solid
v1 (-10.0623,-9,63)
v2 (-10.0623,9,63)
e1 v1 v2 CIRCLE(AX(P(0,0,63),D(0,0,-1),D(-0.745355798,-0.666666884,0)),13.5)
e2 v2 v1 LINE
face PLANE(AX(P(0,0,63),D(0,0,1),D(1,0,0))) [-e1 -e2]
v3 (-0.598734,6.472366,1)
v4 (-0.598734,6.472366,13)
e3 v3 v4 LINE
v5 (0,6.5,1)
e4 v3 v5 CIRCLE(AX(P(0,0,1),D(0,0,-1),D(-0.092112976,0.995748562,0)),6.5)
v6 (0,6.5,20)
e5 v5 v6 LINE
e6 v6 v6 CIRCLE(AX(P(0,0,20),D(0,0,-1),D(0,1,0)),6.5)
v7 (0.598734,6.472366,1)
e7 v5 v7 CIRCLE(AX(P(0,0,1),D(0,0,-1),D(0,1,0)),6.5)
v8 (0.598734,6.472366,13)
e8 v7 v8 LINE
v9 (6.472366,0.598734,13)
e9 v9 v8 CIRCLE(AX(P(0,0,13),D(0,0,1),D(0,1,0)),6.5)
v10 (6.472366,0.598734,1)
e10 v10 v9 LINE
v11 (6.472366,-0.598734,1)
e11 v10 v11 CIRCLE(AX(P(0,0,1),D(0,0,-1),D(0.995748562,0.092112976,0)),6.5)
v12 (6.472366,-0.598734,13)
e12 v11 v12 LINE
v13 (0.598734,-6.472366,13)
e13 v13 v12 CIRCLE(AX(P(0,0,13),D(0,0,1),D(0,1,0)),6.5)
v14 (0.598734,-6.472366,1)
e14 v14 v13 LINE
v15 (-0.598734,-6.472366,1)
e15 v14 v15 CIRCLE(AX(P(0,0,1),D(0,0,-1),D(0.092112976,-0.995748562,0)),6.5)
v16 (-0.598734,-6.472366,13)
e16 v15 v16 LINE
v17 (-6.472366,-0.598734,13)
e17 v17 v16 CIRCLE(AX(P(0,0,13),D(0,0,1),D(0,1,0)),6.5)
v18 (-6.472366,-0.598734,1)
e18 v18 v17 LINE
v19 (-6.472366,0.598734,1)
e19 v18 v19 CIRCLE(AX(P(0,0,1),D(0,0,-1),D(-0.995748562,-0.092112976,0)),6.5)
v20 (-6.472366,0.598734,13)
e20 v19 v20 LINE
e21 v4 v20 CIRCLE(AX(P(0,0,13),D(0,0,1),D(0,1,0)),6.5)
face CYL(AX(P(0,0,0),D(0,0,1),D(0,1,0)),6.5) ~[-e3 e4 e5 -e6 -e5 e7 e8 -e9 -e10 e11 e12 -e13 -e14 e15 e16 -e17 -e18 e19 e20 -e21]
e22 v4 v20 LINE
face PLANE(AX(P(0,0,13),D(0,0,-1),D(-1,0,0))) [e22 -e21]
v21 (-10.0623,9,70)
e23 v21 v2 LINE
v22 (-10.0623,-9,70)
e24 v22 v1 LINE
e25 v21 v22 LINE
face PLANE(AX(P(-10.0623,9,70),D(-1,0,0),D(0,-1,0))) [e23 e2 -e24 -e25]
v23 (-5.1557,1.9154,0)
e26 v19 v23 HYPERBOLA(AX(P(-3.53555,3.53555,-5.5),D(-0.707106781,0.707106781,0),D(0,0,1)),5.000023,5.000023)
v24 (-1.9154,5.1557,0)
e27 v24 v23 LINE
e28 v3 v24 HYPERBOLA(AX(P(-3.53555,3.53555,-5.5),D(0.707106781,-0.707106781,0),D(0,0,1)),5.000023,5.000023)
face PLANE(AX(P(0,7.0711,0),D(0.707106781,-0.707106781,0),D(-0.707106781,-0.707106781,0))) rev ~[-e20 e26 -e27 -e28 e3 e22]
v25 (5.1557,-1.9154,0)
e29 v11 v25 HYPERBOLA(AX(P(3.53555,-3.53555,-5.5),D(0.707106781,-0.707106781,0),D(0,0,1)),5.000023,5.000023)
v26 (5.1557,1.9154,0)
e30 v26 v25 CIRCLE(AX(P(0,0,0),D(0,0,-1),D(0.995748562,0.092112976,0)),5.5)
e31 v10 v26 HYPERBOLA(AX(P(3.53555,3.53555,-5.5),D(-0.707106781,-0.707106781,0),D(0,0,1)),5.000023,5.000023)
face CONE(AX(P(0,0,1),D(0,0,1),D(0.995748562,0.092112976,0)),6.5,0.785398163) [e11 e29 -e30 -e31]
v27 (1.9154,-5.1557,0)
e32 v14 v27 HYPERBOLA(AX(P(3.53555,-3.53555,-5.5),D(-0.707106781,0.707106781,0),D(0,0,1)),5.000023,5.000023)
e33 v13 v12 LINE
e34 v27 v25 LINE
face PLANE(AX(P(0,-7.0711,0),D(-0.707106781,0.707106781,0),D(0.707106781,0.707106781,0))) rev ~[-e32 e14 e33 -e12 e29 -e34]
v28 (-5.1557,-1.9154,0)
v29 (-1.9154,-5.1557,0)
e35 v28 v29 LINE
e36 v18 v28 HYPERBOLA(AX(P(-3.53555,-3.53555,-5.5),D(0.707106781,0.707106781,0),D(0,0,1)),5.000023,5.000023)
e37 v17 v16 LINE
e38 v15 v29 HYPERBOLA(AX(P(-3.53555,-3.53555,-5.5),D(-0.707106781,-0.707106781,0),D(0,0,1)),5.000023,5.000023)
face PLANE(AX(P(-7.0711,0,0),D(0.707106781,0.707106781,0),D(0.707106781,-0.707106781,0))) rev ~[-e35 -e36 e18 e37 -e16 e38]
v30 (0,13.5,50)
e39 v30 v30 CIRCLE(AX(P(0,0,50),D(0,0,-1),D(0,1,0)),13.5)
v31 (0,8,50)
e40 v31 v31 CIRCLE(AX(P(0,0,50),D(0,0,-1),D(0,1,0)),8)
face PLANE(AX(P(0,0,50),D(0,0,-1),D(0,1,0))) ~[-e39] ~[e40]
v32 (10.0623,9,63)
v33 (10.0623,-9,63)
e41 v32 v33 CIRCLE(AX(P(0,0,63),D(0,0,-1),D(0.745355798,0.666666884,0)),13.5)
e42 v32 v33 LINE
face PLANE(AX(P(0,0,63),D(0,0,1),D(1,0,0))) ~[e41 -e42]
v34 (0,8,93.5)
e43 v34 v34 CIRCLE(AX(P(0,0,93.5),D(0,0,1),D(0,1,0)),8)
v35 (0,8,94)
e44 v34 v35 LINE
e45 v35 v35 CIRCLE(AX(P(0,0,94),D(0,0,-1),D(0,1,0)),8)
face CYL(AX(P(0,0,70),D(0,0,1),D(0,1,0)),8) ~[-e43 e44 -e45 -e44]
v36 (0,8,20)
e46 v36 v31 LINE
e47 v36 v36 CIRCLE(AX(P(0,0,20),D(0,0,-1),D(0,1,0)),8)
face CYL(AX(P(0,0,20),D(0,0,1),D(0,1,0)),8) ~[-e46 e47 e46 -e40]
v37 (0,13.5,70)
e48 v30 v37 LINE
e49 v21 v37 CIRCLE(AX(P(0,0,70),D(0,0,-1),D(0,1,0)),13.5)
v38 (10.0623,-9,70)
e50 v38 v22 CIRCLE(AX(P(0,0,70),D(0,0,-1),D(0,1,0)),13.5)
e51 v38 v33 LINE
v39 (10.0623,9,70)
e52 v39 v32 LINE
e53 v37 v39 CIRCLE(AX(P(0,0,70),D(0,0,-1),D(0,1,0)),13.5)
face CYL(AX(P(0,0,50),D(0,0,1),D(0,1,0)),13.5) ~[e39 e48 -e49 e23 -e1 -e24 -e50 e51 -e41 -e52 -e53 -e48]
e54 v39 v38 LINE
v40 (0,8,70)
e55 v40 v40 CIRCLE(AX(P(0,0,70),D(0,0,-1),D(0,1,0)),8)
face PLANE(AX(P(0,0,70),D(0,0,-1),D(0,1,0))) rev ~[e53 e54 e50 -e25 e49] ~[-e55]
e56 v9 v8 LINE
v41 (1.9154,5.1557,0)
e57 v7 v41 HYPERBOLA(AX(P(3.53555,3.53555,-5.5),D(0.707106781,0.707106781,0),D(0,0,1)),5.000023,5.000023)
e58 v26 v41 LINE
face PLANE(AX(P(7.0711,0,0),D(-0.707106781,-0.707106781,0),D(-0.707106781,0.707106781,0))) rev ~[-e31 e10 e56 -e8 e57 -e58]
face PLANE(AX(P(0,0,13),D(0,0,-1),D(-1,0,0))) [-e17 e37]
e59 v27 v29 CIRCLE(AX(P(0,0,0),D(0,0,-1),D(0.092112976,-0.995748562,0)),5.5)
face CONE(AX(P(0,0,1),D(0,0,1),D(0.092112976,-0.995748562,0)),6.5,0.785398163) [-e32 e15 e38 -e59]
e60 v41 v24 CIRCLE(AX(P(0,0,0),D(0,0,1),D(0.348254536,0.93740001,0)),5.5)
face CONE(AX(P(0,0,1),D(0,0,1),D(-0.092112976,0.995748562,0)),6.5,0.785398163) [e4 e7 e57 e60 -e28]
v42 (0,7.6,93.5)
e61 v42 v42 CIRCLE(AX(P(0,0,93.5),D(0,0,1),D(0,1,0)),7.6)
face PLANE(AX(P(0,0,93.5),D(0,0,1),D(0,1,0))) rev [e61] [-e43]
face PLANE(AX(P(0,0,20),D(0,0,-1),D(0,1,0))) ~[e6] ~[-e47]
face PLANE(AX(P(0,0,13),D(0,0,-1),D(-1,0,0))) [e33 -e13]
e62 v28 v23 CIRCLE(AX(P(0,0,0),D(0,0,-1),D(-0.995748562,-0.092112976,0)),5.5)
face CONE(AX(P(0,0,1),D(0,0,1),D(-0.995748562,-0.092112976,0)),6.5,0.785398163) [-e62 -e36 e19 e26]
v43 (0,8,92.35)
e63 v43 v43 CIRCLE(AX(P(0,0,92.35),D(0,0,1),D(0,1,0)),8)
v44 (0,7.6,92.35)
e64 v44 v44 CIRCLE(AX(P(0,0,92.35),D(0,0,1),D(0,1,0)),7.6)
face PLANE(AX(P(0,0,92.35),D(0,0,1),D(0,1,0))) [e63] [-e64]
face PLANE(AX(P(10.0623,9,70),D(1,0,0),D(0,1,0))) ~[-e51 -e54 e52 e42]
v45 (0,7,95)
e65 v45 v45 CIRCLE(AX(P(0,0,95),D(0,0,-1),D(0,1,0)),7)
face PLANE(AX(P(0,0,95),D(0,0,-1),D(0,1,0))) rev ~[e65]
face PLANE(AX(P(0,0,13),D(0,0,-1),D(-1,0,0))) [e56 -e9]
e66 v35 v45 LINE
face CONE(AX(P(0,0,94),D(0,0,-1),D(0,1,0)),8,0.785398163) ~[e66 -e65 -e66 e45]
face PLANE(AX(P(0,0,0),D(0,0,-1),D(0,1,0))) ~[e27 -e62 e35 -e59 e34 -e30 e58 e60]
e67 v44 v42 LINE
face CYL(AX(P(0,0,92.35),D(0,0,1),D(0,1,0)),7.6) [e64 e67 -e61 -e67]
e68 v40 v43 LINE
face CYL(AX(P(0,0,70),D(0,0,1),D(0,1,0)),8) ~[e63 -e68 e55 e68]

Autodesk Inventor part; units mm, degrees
ref_plane "YZ Plane" through (0, 0, 0) normal (1, 0, 0) x (0, 1, 0)
ref_plane "XZ Plane" through (0, 0, 0) normal (0, 1, 0) x (-1, 0, 0)
ref_plane "XY Plane" through (0, 0, 0) normal (0, 0, 1) x (1, 0, 0)
sketch "스케치1" plane through (0, 0, 0) normal (1, 0, 0) x (0, 1, 0)
  line L0 (0, 0) -> (6.5, 0)
  line L1 (6.5, 0) -> (6.5, 20)
  line L2 (6.5, 20) -> (0, 20)
  line L3 (0, 20) -> (0, 0)
  line L4 (0, 20) -> (8, 20)
  line L5 (8, 20) -> (8, 50)
  line L6 (8, 50) -> (0, 50)
  line L7 (0, 50) -> (0, 20)
  line L8 (0, 50) -> (13.5, 50)
  line L9 (13.5, 50) -> (13.5, 70)
  line L10 (13.5, 70) -> (0, 70)
  line L11 (0, 70) -> (0, 50)
  line L12 (0, 70) -> (8, 70)
  line L13 (8, 70) -> (8, 95)
  line L14 (8, 95) -> (0, 95)
  line L15 (0, 95) -> (0, 70)
  dimension "d0" = 13
  dimension "d1" = 16
  dimension "d2" = 27
  dimension "d3" = 16
  dimension "d4" = 20
  dimension "d5" = 30
  dimension "d6" = 20
  dimension "d7" = 25
revolve "회전1" add sketch "스케치1" angle 360 about axis through (0, 0, 50) along (0, 0, -1)
sketch "스케치2" plane through (0, 0, 0) normal (0, 0, -1) x (-1, 0, 0)
  line L0 (0, 7.0711) -> (7.0711, 0)
  line L1 (7.0711, 0) -> (0, -7.0711)
  line L2 (0, -7.0711) -> (-7.0711, 0)
  line L3 (-7.0711, 0) -> (0, 7.0711)
  circle A0 centre (0, 0) radius 9.2868
  dimension "d9" = 10
extrude "돌출1" cut sketch "스케치2" against normal blind 13
chamfer "모따기1" distance 1 angle 45 5 edges at (-0.2997, 6.4931, 0) (-6.5, 0, 0) (6.5, 0, 0) (0.2997, 6.4931, 0) (0, -6.5, 0)
sketch "스케치3" plane through (0, 0, 70) normal (0, 0, 1) x (1, 0, 0)
  circle A0 centre (0, 0) radius 13.5 projected
  line L0 (-10.0623, 9) -> (-10.0623, -9)
  line L1 (-10.0623, 9) -> (-13.5, 9)
  line L2 (-13.5, 9) -> (-13.5, -9)
  line L3 (-13.5, -9) -> (-10.0623, -9)
  dimension "d15" = 18
extrude "돌출2" cut sketch "스케치3" against normal blind 7 contours L0 A0 | A0 L2 L1 | L3 L2 A0 picked at (-11.0757, -1.0838)
mirror "미러1" about plane through (0, 0, 0) normal (1, 0, 0) of "돌출2"
sketch "스케치4" plane through (0, 0, 0) normal (1, 0, 0) x (0, 1, 0)
  line L0 (8, 92.35) -> (7.6, 92.35)
  line L1 (7.6, 92.35) -> (7.6, 93.5)
  line L2 (7.6, 93.5) -> (8, 93.5)
  line L3 (8, 93.5) -> (8, 92.35)
  line L4 (8, 95) -> (8, 70) projected
  line L5 (0, -19) -> (0, 114) projected
  point P0 (0, 0)
  dimension "d19" = 1.15
  dimension "d20" = 1.5
  dimension "d21" = 0.4
revolve "회전2" cut sketch "스케치4" angle 360 about axis through (0, 0, -10) along (0, 0, 1)
chamfer "모따기2" distance 1 angle 45 1 edges at (0, -8, 95)
properties part number "3강"
